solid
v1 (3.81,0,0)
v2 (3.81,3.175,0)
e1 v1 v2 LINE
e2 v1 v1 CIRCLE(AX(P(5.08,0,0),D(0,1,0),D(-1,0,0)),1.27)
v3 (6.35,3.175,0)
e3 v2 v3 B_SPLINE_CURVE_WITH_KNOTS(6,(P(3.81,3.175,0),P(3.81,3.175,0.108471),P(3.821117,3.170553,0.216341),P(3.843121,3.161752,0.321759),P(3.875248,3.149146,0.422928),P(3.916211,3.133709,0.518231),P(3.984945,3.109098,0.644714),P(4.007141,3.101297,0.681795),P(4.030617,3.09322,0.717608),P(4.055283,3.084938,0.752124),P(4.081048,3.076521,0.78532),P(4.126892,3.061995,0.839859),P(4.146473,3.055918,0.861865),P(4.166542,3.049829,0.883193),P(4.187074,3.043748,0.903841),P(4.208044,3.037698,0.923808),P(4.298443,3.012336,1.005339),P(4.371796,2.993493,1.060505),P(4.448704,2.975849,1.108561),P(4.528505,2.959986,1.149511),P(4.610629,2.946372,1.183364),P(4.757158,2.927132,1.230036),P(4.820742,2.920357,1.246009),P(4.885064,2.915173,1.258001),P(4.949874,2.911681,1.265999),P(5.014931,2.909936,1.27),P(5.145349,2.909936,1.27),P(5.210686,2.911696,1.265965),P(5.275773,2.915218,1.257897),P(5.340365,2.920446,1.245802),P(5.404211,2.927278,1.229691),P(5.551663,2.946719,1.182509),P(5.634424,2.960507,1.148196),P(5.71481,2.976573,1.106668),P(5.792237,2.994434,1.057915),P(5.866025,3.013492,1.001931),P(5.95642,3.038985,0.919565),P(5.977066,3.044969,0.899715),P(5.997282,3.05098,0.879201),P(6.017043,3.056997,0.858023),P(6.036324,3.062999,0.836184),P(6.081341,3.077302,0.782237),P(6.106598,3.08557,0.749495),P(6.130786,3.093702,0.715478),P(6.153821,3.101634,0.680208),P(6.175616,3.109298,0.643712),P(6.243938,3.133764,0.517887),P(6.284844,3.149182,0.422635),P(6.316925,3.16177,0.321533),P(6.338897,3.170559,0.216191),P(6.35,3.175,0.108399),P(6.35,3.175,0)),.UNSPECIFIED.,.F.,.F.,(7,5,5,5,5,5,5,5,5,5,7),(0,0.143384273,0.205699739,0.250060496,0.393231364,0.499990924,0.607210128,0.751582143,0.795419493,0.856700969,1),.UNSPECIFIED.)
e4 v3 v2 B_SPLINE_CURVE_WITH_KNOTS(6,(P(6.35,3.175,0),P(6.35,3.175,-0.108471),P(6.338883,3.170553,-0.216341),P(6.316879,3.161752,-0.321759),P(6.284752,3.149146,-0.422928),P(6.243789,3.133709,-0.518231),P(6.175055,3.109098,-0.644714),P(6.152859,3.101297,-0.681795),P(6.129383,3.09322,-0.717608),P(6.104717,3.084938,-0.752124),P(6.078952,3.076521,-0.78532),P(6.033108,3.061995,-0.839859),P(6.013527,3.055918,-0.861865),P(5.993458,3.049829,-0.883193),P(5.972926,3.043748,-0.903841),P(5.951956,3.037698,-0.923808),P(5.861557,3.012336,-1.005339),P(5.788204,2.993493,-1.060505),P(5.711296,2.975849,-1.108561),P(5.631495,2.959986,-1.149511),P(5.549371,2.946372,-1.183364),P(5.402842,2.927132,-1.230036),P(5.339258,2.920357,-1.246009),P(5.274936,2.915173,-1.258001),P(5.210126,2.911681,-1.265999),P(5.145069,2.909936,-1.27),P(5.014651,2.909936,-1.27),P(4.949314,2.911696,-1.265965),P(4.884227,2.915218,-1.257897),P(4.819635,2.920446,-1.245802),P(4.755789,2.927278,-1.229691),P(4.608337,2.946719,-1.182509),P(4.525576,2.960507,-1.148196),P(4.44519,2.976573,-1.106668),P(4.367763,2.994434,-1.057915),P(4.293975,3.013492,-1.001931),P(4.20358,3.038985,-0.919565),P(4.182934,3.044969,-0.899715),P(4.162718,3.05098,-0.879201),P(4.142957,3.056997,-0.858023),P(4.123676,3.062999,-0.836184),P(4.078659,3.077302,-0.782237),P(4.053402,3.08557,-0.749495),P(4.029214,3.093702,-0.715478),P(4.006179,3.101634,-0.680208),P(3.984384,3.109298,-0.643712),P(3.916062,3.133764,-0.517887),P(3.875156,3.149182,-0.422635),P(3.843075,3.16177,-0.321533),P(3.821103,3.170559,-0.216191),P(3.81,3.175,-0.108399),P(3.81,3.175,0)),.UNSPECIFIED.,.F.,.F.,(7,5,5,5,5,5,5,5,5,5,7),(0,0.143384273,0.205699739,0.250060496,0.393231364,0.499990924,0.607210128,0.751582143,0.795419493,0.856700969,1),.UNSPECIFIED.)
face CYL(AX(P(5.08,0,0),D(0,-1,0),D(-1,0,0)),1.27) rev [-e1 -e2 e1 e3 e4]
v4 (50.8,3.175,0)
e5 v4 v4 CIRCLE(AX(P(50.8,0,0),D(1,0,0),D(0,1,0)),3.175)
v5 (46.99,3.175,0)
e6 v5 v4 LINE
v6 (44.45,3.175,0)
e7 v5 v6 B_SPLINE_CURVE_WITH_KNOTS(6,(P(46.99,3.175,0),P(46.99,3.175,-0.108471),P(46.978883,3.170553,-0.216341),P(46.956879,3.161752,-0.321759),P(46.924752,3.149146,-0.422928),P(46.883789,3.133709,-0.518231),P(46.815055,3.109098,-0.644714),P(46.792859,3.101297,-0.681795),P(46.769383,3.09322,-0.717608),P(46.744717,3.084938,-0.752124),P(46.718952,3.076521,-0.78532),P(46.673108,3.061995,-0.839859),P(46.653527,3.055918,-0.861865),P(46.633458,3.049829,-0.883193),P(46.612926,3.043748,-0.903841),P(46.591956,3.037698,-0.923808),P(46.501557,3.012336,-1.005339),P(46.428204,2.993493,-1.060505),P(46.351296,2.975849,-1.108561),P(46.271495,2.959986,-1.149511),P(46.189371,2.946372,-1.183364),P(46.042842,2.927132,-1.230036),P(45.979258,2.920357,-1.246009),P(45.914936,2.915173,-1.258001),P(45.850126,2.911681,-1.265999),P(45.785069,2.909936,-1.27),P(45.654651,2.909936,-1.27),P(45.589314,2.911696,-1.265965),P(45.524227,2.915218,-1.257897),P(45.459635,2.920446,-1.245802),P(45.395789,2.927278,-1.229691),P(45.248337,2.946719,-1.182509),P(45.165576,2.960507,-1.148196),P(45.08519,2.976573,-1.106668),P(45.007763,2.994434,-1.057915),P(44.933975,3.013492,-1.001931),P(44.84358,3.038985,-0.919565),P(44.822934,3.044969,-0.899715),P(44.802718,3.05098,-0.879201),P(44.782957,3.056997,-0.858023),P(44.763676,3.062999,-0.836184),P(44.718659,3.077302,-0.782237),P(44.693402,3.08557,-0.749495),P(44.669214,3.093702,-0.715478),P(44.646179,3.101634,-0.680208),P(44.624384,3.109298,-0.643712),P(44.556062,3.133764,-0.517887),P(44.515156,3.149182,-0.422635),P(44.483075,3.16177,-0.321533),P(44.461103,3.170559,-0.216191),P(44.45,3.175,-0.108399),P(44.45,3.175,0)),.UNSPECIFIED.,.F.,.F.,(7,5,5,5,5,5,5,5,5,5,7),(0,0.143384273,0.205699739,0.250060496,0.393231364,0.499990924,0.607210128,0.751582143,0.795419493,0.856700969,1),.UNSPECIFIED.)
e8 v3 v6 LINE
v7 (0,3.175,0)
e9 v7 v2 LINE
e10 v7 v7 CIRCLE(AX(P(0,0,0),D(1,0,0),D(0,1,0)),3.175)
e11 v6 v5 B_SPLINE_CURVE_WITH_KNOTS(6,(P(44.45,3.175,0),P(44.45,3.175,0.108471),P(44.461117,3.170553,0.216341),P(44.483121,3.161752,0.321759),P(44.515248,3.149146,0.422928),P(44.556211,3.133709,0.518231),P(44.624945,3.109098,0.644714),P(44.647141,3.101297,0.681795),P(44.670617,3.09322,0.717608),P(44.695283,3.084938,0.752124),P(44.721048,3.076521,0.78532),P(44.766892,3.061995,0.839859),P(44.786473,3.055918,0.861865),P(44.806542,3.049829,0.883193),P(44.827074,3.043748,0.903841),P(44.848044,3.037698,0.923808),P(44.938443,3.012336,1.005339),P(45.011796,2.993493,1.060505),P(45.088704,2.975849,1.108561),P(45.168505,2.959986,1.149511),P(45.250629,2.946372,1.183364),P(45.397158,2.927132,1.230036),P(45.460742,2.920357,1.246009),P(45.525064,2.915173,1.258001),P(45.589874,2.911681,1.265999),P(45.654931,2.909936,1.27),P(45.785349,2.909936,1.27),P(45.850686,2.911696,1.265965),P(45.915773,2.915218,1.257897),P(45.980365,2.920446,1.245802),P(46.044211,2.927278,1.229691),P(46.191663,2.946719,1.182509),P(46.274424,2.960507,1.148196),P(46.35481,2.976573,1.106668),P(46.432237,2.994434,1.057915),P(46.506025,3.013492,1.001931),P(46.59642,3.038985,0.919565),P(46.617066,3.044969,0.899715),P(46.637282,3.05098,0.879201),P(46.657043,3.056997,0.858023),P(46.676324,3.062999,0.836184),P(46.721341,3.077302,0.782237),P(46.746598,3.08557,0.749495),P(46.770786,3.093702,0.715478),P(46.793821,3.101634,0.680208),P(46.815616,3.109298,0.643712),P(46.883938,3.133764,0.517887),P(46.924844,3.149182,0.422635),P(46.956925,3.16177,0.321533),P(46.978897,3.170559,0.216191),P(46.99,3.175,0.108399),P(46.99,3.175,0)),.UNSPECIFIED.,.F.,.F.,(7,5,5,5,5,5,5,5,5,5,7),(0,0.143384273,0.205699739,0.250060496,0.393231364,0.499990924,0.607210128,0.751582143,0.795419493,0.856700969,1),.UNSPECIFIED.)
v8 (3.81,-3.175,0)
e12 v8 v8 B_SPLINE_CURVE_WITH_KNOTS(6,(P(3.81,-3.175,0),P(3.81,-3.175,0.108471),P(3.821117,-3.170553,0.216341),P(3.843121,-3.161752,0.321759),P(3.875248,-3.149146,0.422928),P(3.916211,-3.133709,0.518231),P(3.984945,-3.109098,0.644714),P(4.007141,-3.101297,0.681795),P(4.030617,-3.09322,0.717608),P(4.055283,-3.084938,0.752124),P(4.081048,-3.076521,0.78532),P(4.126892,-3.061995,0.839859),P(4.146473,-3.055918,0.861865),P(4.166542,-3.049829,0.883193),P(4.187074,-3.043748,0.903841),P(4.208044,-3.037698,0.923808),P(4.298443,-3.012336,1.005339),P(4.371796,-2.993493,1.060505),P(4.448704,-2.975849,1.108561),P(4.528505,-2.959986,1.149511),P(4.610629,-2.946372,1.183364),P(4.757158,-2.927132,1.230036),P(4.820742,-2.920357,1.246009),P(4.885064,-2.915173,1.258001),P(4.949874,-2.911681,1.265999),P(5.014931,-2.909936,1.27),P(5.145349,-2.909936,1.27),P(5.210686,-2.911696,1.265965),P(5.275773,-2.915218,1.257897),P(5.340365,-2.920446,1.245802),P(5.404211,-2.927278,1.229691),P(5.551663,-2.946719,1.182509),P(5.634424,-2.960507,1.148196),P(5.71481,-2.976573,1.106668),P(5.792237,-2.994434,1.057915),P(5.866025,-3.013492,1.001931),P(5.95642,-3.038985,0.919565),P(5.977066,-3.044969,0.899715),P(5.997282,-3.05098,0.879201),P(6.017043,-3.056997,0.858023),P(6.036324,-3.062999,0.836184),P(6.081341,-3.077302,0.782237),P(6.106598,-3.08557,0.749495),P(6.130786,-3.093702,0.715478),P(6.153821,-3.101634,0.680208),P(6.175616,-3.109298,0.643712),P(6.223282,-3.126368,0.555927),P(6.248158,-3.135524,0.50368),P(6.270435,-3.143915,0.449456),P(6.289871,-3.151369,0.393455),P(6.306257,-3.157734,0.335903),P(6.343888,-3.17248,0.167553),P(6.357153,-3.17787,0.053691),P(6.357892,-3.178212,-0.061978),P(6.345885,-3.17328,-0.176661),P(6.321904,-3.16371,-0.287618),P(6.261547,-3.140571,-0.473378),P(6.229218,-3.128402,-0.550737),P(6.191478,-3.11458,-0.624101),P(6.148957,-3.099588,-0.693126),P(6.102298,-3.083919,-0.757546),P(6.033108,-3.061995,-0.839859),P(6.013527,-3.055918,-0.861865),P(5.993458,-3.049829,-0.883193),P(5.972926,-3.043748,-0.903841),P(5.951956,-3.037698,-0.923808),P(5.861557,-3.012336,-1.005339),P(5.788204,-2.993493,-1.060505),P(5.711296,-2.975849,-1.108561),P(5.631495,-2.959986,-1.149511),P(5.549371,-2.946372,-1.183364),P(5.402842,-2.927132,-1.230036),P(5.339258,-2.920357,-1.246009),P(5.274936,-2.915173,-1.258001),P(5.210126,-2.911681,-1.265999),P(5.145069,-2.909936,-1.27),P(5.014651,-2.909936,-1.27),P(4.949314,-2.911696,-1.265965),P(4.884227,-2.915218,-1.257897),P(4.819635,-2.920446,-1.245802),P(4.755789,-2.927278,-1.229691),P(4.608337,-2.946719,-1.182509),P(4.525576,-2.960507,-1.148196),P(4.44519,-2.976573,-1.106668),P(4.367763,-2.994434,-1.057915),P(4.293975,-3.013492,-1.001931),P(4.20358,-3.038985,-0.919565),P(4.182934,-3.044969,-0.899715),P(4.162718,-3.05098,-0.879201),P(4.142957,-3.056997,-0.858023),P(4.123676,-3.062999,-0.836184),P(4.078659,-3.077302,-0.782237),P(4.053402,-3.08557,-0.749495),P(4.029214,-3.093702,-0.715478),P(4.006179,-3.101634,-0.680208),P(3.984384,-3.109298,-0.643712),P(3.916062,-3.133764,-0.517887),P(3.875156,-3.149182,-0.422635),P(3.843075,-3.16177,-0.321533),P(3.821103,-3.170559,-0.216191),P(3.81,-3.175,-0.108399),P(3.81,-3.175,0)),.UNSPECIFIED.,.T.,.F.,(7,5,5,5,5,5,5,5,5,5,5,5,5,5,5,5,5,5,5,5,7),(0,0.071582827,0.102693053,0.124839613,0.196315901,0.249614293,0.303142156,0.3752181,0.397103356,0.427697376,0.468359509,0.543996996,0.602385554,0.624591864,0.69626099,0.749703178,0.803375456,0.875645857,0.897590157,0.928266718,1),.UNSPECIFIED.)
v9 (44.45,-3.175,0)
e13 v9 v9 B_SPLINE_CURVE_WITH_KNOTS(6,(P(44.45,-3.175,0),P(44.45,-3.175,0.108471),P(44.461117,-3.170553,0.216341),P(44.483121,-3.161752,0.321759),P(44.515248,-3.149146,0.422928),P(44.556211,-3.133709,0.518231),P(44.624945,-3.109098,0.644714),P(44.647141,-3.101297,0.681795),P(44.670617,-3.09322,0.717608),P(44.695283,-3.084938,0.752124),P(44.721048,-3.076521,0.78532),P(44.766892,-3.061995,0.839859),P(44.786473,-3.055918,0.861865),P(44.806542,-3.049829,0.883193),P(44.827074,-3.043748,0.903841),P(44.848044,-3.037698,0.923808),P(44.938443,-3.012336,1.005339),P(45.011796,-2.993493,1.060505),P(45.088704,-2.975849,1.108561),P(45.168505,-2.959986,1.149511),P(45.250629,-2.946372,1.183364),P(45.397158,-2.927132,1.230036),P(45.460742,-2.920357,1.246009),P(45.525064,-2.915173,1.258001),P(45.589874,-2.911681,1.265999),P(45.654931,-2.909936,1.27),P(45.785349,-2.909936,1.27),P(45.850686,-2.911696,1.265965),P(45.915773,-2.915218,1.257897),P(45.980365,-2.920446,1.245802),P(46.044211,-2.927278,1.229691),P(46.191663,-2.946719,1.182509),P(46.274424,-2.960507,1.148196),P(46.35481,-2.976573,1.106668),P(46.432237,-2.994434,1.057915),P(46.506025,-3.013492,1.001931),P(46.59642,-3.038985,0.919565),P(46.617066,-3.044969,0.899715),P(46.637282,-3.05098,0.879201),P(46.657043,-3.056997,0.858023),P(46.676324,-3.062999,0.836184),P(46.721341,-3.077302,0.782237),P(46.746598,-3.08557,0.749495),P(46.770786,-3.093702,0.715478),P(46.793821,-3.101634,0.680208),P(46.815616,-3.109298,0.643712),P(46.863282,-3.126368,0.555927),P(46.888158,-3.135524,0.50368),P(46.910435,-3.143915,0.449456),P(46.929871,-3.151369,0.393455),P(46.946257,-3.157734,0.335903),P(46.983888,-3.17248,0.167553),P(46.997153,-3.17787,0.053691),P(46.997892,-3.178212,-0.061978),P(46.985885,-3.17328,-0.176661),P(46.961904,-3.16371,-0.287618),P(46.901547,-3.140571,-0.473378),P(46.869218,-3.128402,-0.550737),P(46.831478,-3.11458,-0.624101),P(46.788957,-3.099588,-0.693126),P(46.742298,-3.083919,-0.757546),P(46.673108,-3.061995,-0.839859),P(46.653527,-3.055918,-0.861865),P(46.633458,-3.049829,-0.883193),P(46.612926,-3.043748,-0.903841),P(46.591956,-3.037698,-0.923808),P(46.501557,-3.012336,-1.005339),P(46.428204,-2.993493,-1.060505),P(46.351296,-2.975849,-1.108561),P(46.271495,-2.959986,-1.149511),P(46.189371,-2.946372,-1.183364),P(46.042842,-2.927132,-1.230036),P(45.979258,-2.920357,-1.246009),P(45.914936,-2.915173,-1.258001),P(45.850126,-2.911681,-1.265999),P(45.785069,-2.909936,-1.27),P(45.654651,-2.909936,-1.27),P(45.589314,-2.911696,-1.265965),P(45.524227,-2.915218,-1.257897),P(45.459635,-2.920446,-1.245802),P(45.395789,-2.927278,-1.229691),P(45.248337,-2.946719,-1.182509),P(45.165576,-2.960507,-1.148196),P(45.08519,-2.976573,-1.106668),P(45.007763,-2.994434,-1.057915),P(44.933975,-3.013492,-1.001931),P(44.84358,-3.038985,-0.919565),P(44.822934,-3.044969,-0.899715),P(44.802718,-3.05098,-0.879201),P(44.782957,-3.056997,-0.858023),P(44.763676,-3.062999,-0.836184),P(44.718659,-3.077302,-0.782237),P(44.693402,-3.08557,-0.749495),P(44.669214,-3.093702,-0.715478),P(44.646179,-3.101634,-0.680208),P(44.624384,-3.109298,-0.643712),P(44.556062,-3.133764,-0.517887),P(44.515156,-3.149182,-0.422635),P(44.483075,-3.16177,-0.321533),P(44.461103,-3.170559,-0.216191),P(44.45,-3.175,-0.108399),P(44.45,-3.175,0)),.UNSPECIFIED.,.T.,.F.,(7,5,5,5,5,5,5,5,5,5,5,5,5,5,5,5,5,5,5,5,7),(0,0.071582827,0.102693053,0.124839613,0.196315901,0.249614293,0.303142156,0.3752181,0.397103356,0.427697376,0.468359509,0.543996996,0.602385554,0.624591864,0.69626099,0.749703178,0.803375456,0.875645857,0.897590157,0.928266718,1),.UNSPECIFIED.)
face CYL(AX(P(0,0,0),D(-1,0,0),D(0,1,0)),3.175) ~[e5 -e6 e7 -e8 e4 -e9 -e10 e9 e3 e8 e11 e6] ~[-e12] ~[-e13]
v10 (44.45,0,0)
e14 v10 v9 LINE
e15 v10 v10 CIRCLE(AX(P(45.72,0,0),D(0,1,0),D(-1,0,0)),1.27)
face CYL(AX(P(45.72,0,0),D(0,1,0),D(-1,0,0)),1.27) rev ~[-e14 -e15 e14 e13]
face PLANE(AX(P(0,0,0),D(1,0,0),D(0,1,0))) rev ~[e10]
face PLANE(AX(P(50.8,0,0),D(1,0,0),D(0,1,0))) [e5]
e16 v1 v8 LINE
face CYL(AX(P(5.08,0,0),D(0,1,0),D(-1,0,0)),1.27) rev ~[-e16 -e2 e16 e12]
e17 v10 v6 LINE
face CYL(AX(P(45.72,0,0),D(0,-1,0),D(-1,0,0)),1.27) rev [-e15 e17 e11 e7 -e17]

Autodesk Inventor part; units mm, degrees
ref_plane "YZ Plane" through (0, 0, 0) normal (1, 0, 0) x (0, 1, 0)
ref_plane "XZ Plane" through (0, 0, 0) normal (0, 1, 0) x (-1, 0, 0)
ref_plane "XY Plane" through (0, 0, 0) normal (0, 0, 1) x (1, 0, 0)
sketch "Sketch1" plane through (0, 0, 0) normal (1, 0, 0) x (0, 1, 0)
  circle A0 centre (0, 0) radius 3.175
  dimension "d0" = 6.35
extrude "Extrusion1" add sketch "Sketch1" along normal blind 50.8
sketch "Sketch2" plane through (0, 0, 0) normal (0, 1, 0) x (-1, 0, 0)
  circle A0 centre (-5.08, 0) radius 1.27
  line L0 (0, 3.175) -> (0, -3.175) projected
  point P0 (0, 0)
  dimension "d3" = 2.54
  dimension "d4" = 5.08
extrude "Extrusion2" cut sketch "Sketch2" along normal mid plane 50.8
sketch "Sketch3" plane through (0, 0, 0) normal (0, 1, 0) x (-1, 0, 0)
  circle A0 centre (-45.72, 0) radius 1.27
  line L0 (-50.8, 3.175) -> (-50.8, -3.175) projected
  point P0 (0, 0)
  dimension "d7" = 2.54
  dimension "d8" = 5.08
extrude "Extrusion3" cut sketch "Sketch3" along normal mid plane 50.8
properties part number "TIE ROD"
